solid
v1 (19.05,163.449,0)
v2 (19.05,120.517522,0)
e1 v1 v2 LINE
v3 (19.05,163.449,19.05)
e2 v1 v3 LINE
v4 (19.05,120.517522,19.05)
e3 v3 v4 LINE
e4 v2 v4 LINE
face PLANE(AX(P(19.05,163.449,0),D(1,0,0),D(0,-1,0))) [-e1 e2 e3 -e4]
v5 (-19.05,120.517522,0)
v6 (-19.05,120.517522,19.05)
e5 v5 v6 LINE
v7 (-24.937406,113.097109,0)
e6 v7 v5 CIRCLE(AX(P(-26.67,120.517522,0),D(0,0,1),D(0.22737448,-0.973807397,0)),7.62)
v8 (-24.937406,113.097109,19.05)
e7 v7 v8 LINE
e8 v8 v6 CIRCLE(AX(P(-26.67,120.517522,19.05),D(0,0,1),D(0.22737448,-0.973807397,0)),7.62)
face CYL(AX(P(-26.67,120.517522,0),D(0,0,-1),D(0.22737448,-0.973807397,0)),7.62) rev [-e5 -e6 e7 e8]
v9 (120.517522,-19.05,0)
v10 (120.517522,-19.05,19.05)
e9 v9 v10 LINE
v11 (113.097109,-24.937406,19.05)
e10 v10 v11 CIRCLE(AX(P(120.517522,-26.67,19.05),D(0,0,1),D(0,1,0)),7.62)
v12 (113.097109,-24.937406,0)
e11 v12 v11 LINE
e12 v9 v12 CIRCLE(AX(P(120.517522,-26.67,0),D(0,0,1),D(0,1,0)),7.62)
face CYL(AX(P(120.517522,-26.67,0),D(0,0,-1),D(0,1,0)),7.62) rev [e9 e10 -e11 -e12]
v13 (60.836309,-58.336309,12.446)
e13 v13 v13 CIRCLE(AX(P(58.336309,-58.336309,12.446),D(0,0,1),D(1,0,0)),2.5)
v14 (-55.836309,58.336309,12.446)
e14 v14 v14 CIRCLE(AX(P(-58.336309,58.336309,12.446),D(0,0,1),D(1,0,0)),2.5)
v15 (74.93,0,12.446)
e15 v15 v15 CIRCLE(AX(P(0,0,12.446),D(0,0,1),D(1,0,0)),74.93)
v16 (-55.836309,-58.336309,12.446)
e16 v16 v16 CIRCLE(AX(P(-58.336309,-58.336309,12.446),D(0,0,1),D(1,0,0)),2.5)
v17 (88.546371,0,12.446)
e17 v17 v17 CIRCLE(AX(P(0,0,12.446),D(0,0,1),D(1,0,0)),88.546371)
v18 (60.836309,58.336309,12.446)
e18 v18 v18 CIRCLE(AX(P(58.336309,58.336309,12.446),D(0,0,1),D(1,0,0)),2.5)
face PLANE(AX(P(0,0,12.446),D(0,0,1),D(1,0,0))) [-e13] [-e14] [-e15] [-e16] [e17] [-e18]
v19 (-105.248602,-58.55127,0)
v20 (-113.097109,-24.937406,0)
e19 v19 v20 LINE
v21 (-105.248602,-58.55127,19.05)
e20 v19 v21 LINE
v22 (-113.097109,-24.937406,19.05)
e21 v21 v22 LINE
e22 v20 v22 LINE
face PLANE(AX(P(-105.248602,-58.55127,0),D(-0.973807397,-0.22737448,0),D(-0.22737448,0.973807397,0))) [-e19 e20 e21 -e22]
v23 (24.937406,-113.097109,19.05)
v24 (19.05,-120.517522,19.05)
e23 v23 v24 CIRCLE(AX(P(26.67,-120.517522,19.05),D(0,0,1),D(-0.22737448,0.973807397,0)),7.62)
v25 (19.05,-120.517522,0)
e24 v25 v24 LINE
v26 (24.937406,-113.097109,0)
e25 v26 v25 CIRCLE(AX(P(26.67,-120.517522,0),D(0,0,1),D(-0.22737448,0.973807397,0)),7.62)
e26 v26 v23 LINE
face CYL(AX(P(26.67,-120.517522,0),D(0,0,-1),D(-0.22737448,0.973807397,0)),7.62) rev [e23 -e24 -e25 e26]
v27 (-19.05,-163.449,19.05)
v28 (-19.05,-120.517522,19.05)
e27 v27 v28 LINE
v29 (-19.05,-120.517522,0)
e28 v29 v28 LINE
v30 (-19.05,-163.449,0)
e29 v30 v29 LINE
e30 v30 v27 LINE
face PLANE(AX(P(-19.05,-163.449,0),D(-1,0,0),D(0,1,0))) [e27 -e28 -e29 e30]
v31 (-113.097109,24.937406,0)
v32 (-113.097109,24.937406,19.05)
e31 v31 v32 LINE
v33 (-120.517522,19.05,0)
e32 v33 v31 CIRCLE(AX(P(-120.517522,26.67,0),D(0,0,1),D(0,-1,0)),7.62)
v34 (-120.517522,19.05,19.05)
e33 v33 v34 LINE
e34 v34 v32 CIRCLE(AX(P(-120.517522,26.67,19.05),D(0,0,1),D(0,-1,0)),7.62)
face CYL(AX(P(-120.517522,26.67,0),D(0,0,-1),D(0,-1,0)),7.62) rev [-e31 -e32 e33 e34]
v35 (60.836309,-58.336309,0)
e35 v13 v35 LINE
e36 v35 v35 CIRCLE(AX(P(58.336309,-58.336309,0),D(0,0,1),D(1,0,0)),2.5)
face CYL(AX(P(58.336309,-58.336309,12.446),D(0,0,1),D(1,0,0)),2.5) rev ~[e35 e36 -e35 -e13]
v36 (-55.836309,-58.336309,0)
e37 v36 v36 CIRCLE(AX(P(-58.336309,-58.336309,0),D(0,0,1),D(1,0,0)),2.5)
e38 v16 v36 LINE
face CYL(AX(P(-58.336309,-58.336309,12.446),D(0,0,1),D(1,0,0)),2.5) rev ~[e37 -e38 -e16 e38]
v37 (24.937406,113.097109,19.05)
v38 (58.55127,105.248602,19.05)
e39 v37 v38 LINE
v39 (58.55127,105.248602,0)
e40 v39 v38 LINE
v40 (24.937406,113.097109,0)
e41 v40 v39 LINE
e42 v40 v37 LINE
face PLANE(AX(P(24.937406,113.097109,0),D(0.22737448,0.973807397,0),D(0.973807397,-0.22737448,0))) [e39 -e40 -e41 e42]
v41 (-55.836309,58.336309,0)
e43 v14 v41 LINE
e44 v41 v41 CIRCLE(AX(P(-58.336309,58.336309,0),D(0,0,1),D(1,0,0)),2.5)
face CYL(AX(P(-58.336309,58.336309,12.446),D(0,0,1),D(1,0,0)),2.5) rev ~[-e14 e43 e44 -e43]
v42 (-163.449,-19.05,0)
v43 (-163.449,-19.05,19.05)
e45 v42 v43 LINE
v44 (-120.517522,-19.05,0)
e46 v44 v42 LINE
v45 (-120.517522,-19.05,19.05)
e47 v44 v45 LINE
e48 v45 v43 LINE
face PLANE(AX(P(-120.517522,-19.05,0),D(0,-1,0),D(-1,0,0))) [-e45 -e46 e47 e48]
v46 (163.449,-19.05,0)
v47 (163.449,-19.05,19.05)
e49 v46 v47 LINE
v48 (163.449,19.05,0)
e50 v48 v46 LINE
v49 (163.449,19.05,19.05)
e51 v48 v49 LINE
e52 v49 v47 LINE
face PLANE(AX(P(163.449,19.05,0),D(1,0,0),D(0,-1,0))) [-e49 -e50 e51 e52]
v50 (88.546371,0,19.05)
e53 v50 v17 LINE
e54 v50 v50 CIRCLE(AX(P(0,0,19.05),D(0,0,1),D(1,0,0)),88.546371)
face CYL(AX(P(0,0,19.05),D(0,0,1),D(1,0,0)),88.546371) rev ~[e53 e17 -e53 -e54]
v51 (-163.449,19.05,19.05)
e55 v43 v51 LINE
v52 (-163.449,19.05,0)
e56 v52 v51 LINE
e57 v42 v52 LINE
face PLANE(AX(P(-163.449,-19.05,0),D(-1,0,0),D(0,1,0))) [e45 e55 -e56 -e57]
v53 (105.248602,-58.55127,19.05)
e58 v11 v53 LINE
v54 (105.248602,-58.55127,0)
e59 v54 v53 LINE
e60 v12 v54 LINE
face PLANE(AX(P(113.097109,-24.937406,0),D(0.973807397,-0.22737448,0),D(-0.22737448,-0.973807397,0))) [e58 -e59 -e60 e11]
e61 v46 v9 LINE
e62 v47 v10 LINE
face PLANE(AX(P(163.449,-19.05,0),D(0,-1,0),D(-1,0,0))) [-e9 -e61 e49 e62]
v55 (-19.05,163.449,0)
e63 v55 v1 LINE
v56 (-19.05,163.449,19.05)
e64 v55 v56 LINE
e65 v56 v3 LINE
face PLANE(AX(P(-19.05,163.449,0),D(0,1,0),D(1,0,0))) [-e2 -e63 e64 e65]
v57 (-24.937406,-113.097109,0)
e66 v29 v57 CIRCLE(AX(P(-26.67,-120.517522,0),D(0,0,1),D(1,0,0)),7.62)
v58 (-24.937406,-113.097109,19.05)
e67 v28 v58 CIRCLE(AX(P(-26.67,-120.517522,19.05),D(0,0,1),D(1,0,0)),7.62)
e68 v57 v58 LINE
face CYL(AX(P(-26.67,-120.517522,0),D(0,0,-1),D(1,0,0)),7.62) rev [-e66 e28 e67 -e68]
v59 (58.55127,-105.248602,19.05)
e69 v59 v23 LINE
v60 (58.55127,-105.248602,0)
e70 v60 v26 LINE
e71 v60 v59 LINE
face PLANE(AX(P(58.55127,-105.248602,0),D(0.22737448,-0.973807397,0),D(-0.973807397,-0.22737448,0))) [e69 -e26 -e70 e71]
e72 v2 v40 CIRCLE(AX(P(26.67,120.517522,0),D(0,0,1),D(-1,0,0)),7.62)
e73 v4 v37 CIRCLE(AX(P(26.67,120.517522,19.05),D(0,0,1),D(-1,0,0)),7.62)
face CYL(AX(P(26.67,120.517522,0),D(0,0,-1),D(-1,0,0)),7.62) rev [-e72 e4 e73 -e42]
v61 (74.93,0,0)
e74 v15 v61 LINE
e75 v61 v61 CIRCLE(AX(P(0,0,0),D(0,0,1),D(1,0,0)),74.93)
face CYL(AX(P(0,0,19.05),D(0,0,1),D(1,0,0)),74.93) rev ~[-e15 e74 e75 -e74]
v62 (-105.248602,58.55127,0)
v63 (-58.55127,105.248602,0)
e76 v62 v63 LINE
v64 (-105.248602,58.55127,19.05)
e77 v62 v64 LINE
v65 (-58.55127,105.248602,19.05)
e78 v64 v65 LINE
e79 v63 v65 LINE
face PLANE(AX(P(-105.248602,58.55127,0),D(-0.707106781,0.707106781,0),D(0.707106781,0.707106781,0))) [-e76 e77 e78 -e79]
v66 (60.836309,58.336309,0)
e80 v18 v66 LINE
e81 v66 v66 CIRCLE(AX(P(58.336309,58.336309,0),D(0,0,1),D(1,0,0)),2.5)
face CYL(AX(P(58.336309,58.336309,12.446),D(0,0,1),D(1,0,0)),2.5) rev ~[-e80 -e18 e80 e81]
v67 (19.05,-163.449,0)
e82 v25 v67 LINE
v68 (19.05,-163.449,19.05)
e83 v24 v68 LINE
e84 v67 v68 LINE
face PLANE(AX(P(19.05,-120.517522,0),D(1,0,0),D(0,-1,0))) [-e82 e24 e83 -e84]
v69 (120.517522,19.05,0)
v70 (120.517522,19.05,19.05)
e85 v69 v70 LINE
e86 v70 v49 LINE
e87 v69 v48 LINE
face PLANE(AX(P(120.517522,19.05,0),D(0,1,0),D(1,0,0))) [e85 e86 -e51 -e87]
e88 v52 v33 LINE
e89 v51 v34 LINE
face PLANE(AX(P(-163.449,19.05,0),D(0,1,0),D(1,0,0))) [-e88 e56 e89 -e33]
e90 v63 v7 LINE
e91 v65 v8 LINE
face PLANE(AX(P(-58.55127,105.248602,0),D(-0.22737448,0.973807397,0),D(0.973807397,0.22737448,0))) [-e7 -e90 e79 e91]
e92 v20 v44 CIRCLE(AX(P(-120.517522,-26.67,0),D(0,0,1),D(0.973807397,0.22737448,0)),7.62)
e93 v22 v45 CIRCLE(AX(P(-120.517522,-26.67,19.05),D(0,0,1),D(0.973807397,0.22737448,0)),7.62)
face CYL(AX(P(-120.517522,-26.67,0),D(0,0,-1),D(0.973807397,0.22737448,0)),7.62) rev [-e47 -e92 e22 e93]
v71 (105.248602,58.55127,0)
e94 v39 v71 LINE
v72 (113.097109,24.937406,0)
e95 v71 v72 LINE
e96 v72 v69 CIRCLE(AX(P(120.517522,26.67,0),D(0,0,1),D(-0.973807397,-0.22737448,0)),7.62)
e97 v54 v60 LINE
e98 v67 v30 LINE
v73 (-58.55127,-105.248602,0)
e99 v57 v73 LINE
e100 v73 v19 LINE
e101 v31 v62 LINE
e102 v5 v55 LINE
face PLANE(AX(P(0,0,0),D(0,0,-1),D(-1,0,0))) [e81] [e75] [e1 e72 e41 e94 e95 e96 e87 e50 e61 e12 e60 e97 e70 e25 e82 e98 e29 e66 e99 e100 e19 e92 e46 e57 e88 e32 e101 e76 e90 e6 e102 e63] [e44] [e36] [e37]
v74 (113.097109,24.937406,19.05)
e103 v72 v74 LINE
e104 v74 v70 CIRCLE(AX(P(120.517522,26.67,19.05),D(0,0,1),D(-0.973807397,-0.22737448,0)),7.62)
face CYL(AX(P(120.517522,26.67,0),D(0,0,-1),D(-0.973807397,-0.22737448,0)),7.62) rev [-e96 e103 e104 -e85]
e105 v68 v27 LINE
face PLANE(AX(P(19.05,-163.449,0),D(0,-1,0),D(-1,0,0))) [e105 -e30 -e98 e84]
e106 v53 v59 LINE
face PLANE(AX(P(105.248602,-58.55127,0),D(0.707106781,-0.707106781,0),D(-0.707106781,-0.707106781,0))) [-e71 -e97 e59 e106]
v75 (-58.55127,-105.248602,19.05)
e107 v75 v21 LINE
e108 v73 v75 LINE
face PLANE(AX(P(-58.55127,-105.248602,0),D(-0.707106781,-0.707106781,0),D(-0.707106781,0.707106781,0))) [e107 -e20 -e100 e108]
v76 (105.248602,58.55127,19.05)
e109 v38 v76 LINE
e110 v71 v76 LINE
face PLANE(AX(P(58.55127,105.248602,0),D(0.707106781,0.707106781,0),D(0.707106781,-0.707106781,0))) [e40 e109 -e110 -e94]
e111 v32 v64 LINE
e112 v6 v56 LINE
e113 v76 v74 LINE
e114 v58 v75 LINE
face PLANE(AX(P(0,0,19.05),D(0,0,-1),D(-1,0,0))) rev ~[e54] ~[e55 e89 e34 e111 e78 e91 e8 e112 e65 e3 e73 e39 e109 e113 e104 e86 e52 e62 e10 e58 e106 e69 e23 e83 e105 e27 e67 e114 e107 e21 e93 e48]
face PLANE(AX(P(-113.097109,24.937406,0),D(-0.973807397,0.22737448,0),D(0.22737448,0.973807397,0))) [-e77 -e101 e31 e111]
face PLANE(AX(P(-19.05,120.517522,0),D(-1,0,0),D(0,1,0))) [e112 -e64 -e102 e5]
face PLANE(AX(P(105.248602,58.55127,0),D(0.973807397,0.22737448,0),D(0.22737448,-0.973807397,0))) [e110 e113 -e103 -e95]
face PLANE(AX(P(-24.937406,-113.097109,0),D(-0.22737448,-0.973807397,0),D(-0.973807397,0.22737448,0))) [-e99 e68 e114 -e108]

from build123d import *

# Parameters (mm, degrees)
BOSS_EXTRUDE1_DEPTH = 19.05
SKETCH2_R           = 74.93
CUT_EXTRUDE1_DEPTH  = 232.935451585
SKETCH3_R           = 88.546370902
CUT_EXTRUDE2_DEPTH  = 6.604
SKETCH4_R           = 2.5
CUT_EXTRUDE3_DEPTH  = 232.486617579


with BuildPart() as part:
    # Sketch1 → Boss-Extrude1 (new body)
    with BuildSketch(Plane.XY):
        with BuildLine():
            Line((-19.05, 120.51752167), (-19.05, 163.449))
            Line((-19.05, 163.449), (19.05, 163.449))
            Line((19.05, 163.449), (19.05, 120.51752167))
            ThreePointArc((19.05, 120.51752167), (20.700629733, 115.781382038), (24.937406462, 113.097109308))
            Line((24.937406462, 113.097109308), (58.551269909, 105.248601739))
            Line((58.551269909, 105.248601739), (105.248601739, 58.551269909))
            Line((105.248601739, 58.551269909), (113.097109308, 24.937406462))
            ThreePointArc((113.097109308, 24.937406462), (115.781382038, 20.700629733), (120.51752167, 19.05))
            Line((120.51752167, 19.05), (163.449, 19.05))
            Line((163.449, 19.05), (163.449, -19.05))
            Line((163.449, -19.05), (120.51752167, -19.05))
            ThreePointArc((120.51752167, -19.05), (115.781382038, -20.700629733), (113.097109308, -24.937406462))
            Line((113.097109308, -24.937406462), (105.248601739, -58.551269909))
            Line((105.248601739, -58.551269909), (58.551269909, -105.248601739))
            Line((58.551269909, -105.248601739), (24.937406462, -113.097109308))
            ThreePointArc((24.937406462, -113.097109308), (20.700629733, -115.781382038), (19.05, -120.51752167))
            Line((19.05, -120.51752167), (19.05, -163.449))
            Line((19.05, -163.449), (-19.05, -163.449))
            Line((-19.05, -163.449), (-19.05, -120.51752167))
            ThreePointArc((-19.05, -120.51752167), (-20.700629733, -115.781382038), (-24.937406462, -113.097109308))
            Line((-24.937406462, -113.097109308), (-58.551269909, -105.248601739))
            Line((-58.551269909, -105.248601739), (-105.248601739, -58.551269909))
            Line((-105.248601739, -58.551269909), (-113.097109308, -24.937406462))
            ThreePointArc((-113.097109308, -24.937406462), (-115.781382038, -20.700629733), (-120.51752167, -19.05))
            Line((-120.51752167, -19.05), (-163.449, -19.05))
            Line((-163.449, -19.05), (-163.449, 19.05))
            Line((-163.449, 19.05), (-120.51752167, 19.05))
            ThreePointArc((-120.51752167, 19.05), (-115.781382038, 20.700629733), (-113.097109308, 24.937406462))
            Line((-113.097109308, 24.937406462), (-105.248601739, 58.551269909))
            Line((-105.248601739, 58.551269909), (-58.551269909, 105.248601739))
            Line((-58.551269909, 105.248601739), (-24.937406462, 113.097109308))
            ThreePointArc((-24.937406462, 113.097109308), (-20.700629733, 115.781382038), (-19.05, 120.51752167))
        make_face()
    extrude(amount=BOSS_EXTRUDE1_DEPTH)

    # Sketch2 → Cut-Extrude1 (cut, through all)
    with BuildSketch(Plane.XY.offset(19.05)):
        Circle(SKETCH2_R)
    extrude(amount=-CUT_EXTRUDE1_DEPTH, mode=Mode.SUBTRACT)

    # Sketch3 → Cut-Extrude2 (cut)
    with BuildSketch(Plane.XY.offset(19.05)):
        Circle(SKETCH3_R)
    extrude(amount=-CUT_EXTRUDE2_DEPTH, mode=Mode.SUBTRACT)

    # Sketch4 → Cut-Extrude3 (cut, through all)
    with BuildSketch(Plane.XY.offset(12.446)):
        with Locations((-58.336309448, 58.336309448)):
            Circle(SKETCH4_R)
        with Locations((58.336309448, 58.336309448)):
            Circle(SKETCH4_R)
        with Locations((58.336309448, -58.336309448)):
            Circle(SKETCH4_R)
        with Locations((-58.336309448, -58.336309448)):
            Circle(SKETCH4_R)
    extrude(amount=-CUT_EXTRUDE3_DEPTH, mode=Mode.SUBTRACT)


solid = part.part
